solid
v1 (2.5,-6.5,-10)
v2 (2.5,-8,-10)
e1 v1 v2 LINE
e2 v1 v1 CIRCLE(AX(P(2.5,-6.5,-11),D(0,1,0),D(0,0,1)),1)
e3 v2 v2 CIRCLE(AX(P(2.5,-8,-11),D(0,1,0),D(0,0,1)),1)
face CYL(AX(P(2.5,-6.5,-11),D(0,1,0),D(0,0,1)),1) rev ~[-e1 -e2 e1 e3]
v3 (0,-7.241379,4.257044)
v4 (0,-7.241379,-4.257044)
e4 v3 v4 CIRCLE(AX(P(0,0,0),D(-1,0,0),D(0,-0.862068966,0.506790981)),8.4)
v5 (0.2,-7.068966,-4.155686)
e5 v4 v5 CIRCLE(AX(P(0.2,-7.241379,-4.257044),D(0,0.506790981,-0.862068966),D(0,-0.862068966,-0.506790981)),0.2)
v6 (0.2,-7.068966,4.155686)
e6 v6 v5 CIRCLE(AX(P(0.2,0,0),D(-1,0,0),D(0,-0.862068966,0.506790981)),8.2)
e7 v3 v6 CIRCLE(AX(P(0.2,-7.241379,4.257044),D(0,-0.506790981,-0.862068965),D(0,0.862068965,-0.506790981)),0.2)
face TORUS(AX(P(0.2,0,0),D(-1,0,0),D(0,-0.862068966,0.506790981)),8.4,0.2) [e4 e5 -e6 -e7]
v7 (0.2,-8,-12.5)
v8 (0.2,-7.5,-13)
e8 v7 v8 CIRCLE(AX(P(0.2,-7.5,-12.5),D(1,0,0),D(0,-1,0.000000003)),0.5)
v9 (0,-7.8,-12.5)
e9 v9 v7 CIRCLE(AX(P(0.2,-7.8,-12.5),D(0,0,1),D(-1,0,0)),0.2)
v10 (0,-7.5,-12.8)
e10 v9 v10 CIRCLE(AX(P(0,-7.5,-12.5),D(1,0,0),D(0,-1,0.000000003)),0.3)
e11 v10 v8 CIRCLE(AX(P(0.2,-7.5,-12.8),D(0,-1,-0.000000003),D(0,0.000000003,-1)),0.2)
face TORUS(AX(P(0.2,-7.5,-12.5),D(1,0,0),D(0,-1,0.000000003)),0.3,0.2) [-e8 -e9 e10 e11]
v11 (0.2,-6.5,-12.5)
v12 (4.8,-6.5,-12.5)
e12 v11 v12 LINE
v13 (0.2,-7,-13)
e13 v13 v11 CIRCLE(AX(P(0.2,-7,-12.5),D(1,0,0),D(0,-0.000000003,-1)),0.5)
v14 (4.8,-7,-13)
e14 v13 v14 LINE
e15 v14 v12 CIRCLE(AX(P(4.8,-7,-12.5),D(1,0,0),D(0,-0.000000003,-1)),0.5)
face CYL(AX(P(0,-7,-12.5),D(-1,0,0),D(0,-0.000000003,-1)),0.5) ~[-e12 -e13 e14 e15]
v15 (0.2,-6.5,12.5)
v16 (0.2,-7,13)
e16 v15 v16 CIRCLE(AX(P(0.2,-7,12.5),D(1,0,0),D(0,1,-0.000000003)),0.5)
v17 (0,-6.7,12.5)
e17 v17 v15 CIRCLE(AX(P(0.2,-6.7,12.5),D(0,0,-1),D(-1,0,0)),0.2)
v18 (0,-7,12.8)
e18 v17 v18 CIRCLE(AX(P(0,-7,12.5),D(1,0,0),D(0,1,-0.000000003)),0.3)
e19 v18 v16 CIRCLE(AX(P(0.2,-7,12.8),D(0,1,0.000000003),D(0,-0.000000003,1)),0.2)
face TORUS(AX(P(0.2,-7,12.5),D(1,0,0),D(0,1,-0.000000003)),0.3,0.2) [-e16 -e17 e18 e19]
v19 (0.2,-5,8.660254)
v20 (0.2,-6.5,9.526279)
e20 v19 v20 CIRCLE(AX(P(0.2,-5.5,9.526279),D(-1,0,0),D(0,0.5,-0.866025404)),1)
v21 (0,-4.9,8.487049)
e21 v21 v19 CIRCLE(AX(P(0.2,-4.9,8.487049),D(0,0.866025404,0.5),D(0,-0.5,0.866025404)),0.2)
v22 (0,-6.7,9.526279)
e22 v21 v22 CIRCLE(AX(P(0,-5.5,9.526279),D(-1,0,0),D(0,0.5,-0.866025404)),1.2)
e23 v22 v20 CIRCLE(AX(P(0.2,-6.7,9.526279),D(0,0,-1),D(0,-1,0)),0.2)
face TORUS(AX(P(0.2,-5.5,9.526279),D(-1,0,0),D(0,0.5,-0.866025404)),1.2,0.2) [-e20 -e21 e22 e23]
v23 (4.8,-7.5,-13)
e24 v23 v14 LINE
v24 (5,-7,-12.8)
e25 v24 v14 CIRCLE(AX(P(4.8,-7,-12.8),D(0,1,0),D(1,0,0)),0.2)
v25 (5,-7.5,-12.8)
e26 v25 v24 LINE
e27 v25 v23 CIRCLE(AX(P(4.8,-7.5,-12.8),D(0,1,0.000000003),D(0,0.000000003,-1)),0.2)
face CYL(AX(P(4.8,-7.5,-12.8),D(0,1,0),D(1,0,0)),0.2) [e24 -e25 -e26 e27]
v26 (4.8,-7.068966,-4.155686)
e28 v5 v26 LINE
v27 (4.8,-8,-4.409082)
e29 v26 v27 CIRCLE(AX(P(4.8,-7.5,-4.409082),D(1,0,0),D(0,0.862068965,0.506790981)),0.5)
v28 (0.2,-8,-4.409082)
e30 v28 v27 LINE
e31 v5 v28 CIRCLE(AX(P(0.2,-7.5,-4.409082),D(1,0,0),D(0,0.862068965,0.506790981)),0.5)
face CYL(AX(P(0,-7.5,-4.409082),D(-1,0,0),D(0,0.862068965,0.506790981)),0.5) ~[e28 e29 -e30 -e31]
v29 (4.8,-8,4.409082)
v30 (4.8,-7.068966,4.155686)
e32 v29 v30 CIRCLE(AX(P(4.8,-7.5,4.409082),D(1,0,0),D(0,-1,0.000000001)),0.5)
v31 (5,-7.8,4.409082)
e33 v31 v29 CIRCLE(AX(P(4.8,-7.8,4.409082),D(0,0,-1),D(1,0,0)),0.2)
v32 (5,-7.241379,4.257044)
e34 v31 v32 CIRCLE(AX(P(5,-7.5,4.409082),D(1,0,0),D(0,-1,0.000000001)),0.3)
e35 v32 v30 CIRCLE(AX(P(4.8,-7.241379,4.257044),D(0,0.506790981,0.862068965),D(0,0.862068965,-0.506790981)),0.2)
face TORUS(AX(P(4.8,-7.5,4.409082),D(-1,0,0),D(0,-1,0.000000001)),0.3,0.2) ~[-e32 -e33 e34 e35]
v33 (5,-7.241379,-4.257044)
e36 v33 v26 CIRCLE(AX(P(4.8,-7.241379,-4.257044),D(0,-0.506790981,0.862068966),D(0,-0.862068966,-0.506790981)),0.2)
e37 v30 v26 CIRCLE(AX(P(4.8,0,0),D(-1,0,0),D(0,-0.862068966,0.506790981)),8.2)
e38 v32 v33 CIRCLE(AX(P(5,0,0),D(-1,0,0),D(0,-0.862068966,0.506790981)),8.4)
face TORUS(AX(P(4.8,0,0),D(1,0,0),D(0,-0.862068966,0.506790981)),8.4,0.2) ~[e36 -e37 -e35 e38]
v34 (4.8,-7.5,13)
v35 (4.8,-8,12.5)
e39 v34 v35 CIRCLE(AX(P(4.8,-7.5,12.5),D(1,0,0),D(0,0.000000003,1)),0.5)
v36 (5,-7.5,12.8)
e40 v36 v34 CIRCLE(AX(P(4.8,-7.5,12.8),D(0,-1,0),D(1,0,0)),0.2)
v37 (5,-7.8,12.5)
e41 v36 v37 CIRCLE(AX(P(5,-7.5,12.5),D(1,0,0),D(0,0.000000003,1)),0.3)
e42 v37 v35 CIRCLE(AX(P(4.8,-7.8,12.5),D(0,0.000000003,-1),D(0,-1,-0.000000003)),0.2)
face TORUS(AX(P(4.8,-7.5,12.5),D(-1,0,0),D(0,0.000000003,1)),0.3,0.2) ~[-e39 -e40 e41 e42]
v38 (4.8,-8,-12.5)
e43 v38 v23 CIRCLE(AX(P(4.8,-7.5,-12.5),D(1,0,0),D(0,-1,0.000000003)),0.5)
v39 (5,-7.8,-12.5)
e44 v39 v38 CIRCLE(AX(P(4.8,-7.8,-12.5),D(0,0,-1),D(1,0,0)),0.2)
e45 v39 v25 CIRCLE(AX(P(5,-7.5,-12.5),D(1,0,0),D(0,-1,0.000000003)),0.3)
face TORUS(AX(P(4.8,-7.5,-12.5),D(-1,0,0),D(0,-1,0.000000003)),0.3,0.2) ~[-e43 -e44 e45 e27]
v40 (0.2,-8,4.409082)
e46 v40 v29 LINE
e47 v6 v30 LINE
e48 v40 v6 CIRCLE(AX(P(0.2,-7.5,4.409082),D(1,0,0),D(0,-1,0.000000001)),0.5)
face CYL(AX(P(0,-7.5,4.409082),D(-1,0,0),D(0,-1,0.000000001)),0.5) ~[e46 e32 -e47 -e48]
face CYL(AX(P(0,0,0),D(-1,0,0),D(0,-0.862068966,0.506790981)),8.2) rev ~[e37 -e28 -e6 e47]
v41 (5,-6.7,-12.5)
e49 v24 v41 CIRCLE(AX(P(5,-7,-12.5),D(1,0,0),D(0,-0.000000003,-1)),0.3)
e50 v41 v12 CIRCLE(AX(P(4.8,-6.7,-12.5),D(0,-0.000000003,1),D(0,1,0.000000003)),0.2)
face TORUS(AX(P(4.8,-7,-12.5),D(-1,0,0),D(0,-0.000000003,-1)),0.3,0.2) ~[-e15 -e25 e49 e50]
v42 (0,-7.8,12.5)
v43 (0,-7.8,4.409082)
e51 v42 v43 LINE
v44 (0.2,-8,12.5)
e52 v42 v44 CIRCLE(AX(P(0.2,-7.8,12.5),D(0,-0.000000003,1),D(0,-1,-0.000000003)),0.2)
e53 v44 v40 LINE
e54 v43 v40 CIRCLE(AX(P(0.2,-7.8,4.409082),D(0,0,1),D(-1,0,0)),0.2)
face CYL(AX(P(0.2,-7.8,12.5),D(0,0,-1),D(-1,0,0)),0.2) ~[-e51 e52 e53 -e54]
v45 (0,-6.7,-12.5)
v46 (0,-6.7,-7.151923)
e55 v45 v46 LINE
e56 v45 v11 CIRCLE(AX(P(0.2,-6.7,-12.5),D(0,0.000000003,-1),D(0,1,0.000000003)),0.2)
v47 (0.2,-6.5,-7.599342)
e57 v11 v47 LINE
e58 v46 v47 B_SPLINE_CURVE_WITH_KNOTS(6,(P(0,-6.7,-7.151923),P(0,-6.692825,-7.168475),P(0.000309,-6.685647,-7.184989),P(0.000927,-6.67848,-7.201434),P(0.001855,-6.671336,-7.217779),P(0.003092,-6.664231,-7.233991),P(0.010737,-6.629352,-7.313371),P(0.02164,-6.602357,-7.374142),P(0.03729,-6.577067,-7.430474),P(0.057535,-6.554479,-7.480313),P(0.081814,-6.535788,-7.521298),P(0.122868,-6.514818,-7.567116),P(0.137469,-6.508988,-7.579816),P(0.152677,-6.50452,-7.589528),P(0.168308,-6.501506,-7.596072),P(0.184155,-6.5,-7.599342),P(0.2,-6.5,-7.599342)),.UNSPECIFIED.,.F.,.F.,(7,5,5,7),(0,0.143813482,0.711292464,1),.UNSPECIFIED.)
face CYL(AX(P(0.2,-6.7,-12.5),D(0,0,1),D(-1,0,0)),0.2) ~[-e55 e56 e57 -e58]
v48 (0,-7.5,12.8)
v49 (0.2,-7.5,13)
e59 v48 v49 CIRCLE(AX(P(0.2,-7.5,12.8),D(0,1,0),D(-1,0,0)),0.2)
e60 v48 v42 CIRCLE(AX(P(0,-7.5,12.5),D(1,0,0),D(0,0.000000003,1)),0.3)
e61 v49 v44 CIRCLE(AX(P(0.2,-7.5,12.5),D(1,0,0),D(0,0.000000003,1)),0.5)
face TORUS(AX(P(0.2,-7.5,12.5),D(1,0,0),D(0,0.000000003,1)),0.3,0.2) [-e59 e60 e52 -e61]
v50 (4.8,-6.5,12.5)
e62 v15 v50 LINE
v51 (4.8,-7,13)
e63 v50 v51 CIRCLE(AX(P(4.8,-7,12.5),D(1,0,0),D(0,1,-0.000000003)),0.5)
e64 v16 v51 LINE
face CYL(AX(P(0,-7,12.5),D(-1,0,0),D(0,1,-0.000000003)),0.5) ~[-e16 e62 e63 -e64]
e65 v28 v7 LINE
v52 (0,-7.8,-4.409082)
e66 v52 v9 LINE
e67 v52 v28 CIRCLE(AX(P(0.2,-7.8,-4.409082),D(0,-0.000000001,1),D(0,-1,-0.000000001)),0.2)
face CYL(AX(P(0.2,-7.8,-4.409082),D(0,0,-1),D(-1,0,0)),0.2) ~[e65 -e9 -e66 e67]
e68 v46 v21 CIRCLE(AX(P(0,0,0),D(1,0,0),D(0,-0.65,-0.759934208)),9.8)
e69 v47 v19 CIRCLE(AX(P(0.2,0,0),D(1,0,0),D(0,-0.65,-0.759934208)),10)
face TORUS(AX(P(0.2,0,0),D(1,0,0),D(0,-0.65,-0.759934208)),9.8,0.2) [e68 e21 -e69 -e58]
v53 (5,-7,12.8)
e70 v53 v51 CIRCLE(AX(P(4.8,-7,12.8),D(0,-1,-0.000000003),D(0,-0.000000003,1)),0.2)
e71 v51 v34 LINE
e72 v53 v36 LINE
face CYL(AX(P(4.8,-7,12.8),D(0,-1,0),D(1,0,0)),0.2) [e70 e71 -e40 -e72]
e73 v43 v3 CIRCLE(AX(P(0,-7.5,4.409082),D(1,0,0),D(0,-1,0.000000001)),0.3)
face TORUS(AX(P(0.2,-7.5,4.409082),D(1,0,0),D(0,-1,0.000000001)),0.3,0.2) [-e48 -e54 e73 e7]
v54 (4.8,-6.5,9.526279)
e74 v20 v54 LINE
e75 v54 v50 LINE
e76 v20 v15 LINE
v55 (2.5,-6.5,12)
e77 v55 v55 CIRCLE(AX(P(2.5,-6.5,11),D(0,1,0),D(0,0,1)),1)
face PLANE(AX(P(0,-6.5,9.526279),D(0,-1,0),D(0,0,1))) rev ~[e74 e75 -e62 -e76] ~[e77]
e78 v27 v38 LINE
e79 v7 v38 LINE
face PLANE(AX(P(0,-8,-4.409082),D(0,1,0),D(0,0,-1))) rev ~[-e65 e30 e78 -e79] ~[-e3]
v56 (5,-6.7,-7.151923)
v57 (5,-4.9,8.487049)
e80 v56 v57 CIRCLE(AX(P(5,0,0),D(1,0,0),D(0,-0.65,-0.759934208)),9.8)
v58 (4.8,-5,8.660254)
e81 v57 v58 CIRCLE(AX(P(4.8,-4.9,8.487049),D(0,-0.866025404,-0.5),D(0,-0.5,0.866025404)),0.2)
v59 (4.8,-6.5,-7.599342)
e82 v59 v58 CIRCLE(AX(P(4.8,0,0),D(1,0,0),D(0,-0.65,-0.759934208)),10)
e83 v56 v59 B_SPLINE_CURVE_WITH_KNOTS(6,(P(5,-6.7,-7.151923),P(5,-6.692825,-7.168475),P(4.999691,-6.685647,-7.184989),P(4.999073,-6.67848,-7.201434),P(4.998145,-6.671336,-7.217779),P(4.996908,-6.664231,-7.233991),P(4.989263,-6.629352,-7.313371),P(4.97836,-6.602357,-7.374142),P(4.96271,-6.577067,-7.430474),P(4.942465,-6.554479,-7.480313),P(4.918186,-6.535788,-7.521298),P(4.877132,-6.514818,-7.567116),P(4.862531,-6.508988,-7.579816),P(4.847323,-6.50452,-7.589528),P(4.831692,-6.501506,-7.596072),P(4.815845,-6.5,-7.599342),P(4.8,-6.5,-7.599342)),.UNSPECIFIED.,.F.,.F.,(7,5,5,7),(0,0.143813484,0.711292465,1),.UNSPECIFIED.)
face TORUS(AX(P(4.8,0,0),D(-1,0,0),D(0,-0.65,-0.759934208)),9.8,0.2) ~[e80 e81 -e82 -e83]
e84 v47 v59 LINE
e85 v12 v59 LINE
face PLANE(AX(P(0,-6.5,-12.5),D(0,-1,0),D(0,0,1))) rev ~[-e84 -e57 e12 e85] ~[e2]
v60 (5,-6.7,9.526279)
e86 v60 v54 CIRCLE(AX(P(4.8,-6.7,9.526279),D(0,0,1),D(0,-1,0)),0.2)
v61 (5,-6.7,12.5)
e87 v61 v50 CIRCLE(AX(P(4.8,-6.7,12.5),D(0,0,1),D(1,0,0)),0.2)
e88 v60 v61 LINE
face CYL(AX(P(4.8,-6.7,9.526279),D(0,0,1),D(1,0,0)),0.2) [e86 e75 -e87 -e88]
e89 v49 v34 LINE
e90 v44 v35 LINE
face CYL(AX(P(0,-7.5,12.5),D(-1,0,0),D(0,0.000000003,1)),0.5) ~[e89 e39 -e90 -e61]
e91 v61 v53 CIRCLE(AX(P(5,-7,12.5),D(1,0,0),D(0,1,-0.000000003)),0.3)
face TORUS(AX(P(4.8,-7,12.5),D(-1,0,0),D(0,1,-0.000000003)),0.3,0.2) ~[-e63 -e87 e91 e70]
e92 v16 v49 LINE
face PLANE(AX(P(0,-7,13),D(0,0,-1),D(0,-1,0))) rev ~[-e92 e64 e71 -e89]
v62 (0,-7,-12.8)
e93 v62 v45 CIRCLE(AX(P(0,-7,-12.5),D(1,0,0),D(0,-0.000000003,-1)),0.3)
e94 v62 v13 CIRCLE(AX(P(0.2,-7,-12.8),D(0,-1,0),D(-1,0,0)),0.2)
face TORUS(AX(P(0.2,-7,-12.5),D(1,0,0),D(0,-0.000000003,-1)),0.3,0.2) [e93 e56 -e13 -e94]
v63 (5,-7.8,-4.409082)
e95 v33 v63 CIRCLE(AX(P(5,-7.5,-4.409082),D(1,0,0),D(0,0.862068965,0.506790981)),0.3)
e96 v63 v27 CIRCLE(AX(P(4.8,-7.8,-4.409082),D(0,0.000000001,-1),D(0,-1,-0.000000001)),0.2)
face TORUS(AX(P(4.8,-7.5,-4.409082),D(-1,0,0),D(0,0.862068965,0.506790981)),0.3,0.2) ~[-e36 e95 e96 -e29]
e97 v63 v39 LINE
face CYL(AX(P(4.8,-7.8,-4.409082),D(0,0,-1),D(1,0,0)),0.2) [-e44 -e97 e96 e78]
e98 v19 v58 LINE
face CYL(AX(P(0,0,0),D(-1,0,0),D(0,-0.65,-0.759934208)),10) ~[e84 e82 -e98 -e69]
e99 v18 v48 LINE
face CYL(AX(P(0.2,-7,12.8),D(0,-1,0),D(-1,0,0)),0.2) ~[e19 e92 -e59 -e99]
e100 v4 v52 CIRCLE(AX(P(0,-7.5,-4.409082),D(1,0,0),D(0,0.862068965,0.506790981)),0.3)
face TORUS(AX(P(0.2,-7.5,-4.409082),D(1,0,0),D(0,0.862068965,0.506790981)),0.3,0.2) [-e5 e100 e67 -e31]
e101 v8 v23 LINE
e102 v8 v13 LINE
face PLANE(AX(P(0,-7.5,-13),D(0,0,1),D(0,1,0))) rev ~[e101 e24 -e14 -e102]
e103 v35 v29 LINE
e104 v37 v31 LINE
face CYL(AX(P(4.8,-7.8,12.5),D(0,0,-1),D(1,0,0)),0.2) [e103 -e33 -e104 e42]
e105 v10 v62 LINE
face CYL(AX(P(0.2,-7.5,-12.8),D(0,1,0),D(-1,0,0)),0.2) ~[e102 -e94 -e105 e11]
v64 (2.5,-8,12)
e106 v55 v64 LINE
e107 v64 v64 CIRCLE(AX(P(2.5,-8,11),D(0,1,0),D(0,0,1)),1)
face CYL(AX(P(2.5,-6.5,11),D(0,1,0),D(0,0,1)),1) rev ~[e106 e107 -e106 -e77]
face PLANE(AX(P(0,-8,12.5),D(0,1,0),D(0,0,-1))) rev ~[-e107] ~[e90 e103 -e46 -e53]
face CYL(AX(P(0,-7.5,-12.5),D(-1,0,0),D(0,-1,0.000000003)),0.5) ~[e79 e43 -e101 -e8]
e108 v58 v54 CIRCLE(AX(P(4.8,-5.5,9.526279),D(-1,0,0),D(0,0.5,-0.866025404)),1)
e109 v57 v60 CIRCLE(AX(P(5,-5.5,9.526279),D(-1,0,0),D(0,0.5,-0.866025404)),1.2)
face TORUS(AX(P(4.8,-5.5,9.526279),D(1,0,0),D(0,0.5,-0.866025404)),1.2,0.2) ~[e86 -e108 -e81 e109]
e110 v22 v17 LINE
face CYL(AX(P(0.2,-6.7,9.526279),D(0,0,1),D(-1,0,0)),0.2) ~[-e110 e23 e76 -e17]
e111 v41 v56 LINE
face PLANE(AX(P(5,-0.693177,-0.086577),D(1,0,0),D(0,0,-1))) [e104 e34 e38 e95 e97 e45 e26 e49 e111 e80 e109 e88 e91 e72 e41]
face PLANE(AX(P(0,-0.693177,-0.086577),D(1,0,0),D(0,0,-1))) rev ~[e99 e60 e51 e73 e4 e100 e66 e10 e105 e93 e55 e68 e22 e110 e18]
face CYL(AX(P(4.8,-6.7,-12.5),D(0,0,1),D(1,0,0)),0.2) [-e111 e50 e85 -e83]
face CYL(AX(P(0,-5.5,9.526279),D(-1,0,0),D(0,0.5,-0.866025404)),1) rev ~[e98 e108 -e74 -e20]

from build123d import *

# Parameters (mm, degrees)
EXTRUDE_1_DEPTH     = 5
CUT_EXTRUDE_1_REACH = 23.593
SKETCH_2_R          = 1
FILLET_1_R          = 0.2


with BuildPart() as part:
    # 草图1 → 凸台-拉伸1 (new body)
    with BuildSketch(Plane(origin=(0, 0, 0), x_dir=(0, 0, -1), z_dir=(1, 0, 0))):
        with BuildLine():
            Line((-12.5, -8), (-4.409081537, -8))
            ThreePointArc((-4.409081537, -8), (-3.926630896, -7.631306433), (-4.155686046, -7.068965517))
            ThreePointArc((-4.155686046, -7.068965517), (0, 8.2), (4.155686046, -7.068965517))
            ThreePointArc((4.155686046, -7.068965517), (3.926630896, -7.631306433), (4.409081537, -8))
            Line((4.409081537, -8), (12.5, -8))
            ThreePointArc((12.5, -8), (12.853553391, -7.853553391), (13, -7.5))
            Line((13, -7.5), (13, -7))
            ThreePointArc((13, -7), (12.853553391, -6.646446609), (12.5, -6.5))
            Line((12.5, -6.5), (7.599342077, -6.5))
            ThreePointArc((7.599342077, -6.5), (0.918631345, 9.957716428), (-8.660254038, -5))
            ThreePointArc((-8.660254038, -5), (-8.660254038, -6), (-9.526279442, -6.5))
            Line((-9.526279442, -6.5), (-12.5, -6.5))
            ThreePointArc((-12.5, -6.5), (-12.853553391, -6.646446609), (-13, -7))
            Line((-13, -7), (-13, -7.5))
            ThreePointArc((-13, -7.5), (-12.853553391, -7.853553391), (-12.5, -8))
        make_face()
    extrude(amount=EXTRUDE_1_DEPTH)

    # 草图2 → 切除-拉伸1 (cut, up to next)
    with BuildSketch(Plane(origin=(0, -6.5, 0), x_dir=(1, 0, 0), z_dir=(0, 1, 0)), mode=Mode.PRIVATE) as cut_extrude_1_sk1:
        with Locations(Location((2.5, -11, 0), (0, 0, 270))):
            Circle(SKETCH_2_R)
    cut_extrude_1_tool1 = extrude(cut_extrude_1_sk1.sketch, amount=-CUT_EXTRUDE_1_REACH, mode=Mode.PRIVATE) & part.part
    # 草图2 → 切除-拉伸1 (cut, up to next)
    with BuildSketch(Plane(origin=(0, -6.5, 0), x_dir=(1, 0, 0), z_dir=(0, 1, 0)), mode=Mode.PRIVATE) as cut_extrude_1_sk2:
        with Locations(Location((2.5, 11, 0), (0, 0, 270))):
            Circle(SKETCH_2_R)
    cut_extrude_1_tool2 = extrude(cut_extrude_1_sk2.sketch, amount=-CUT_EXTRUDE_1_REACH, mode=Mode.PRIVATE) & part.part
    add(cut_extrude_1_tool1.solids().sort_by_distance((2.5, -6.5, 11))[0], mode=Mode.SUBTRACT)
    add(cut_extrude_1_tool2.solids().sort_by_distance((2.5, -6.5, -11))[0], mode=Mode.SUBTRACT)

    # 圆角1
    fillet_1_edges = [part.edges().sort_by_distance(p)[0] for p in [
        (5, -6.646446609, -12.853553391),
        (5, -6.5, -10.049671038),
        (0, -8, -8.454540769),
        (0, -7.631306433, -3.926630896),
        (0, 8.2, 0),
        (0, -7.631306433, 3.926630896),
        (0, -8, 8.454540769),
        (0, -7.853553391, 12.853553391),
        (0, -7.25, 13),
        (5, 9.957716428, -0.918631345),
        (0, -6.646446609, 12.853553391),
        (0, -6.5, 11.013139721),
        (0, -6, 8.660254038),
        (0, 9.957716428, -0.918631345),
        (0, -6.5, -10.049671038),
        (0, -6.646446609, -12.853553391),
        (0, -7.25, -13),
        (0, -7.853553391, -12.853553391),
        (5, -6, 8.660254038),
        (5, -6.5, 11.013139721),
        (5, -6.646446609, 12.853553391),
        (5, -7.25, 13),
        (5, -7.853553391, 12.853553391),
        (5, -8, 8.454540769),
        (5, -7.631306433, 3.926630896),
        (5, -7.853553391, -12.853553391),
        (5, 8.2, 0),
        (5, -7.631306433, -3.926630896),
        (5, -8, -8.454540769),
        (5, -7.25, -13),
    ]]
    fillet(fillet_1_edges, radius=FILLET_1_R)


solid = part.part
